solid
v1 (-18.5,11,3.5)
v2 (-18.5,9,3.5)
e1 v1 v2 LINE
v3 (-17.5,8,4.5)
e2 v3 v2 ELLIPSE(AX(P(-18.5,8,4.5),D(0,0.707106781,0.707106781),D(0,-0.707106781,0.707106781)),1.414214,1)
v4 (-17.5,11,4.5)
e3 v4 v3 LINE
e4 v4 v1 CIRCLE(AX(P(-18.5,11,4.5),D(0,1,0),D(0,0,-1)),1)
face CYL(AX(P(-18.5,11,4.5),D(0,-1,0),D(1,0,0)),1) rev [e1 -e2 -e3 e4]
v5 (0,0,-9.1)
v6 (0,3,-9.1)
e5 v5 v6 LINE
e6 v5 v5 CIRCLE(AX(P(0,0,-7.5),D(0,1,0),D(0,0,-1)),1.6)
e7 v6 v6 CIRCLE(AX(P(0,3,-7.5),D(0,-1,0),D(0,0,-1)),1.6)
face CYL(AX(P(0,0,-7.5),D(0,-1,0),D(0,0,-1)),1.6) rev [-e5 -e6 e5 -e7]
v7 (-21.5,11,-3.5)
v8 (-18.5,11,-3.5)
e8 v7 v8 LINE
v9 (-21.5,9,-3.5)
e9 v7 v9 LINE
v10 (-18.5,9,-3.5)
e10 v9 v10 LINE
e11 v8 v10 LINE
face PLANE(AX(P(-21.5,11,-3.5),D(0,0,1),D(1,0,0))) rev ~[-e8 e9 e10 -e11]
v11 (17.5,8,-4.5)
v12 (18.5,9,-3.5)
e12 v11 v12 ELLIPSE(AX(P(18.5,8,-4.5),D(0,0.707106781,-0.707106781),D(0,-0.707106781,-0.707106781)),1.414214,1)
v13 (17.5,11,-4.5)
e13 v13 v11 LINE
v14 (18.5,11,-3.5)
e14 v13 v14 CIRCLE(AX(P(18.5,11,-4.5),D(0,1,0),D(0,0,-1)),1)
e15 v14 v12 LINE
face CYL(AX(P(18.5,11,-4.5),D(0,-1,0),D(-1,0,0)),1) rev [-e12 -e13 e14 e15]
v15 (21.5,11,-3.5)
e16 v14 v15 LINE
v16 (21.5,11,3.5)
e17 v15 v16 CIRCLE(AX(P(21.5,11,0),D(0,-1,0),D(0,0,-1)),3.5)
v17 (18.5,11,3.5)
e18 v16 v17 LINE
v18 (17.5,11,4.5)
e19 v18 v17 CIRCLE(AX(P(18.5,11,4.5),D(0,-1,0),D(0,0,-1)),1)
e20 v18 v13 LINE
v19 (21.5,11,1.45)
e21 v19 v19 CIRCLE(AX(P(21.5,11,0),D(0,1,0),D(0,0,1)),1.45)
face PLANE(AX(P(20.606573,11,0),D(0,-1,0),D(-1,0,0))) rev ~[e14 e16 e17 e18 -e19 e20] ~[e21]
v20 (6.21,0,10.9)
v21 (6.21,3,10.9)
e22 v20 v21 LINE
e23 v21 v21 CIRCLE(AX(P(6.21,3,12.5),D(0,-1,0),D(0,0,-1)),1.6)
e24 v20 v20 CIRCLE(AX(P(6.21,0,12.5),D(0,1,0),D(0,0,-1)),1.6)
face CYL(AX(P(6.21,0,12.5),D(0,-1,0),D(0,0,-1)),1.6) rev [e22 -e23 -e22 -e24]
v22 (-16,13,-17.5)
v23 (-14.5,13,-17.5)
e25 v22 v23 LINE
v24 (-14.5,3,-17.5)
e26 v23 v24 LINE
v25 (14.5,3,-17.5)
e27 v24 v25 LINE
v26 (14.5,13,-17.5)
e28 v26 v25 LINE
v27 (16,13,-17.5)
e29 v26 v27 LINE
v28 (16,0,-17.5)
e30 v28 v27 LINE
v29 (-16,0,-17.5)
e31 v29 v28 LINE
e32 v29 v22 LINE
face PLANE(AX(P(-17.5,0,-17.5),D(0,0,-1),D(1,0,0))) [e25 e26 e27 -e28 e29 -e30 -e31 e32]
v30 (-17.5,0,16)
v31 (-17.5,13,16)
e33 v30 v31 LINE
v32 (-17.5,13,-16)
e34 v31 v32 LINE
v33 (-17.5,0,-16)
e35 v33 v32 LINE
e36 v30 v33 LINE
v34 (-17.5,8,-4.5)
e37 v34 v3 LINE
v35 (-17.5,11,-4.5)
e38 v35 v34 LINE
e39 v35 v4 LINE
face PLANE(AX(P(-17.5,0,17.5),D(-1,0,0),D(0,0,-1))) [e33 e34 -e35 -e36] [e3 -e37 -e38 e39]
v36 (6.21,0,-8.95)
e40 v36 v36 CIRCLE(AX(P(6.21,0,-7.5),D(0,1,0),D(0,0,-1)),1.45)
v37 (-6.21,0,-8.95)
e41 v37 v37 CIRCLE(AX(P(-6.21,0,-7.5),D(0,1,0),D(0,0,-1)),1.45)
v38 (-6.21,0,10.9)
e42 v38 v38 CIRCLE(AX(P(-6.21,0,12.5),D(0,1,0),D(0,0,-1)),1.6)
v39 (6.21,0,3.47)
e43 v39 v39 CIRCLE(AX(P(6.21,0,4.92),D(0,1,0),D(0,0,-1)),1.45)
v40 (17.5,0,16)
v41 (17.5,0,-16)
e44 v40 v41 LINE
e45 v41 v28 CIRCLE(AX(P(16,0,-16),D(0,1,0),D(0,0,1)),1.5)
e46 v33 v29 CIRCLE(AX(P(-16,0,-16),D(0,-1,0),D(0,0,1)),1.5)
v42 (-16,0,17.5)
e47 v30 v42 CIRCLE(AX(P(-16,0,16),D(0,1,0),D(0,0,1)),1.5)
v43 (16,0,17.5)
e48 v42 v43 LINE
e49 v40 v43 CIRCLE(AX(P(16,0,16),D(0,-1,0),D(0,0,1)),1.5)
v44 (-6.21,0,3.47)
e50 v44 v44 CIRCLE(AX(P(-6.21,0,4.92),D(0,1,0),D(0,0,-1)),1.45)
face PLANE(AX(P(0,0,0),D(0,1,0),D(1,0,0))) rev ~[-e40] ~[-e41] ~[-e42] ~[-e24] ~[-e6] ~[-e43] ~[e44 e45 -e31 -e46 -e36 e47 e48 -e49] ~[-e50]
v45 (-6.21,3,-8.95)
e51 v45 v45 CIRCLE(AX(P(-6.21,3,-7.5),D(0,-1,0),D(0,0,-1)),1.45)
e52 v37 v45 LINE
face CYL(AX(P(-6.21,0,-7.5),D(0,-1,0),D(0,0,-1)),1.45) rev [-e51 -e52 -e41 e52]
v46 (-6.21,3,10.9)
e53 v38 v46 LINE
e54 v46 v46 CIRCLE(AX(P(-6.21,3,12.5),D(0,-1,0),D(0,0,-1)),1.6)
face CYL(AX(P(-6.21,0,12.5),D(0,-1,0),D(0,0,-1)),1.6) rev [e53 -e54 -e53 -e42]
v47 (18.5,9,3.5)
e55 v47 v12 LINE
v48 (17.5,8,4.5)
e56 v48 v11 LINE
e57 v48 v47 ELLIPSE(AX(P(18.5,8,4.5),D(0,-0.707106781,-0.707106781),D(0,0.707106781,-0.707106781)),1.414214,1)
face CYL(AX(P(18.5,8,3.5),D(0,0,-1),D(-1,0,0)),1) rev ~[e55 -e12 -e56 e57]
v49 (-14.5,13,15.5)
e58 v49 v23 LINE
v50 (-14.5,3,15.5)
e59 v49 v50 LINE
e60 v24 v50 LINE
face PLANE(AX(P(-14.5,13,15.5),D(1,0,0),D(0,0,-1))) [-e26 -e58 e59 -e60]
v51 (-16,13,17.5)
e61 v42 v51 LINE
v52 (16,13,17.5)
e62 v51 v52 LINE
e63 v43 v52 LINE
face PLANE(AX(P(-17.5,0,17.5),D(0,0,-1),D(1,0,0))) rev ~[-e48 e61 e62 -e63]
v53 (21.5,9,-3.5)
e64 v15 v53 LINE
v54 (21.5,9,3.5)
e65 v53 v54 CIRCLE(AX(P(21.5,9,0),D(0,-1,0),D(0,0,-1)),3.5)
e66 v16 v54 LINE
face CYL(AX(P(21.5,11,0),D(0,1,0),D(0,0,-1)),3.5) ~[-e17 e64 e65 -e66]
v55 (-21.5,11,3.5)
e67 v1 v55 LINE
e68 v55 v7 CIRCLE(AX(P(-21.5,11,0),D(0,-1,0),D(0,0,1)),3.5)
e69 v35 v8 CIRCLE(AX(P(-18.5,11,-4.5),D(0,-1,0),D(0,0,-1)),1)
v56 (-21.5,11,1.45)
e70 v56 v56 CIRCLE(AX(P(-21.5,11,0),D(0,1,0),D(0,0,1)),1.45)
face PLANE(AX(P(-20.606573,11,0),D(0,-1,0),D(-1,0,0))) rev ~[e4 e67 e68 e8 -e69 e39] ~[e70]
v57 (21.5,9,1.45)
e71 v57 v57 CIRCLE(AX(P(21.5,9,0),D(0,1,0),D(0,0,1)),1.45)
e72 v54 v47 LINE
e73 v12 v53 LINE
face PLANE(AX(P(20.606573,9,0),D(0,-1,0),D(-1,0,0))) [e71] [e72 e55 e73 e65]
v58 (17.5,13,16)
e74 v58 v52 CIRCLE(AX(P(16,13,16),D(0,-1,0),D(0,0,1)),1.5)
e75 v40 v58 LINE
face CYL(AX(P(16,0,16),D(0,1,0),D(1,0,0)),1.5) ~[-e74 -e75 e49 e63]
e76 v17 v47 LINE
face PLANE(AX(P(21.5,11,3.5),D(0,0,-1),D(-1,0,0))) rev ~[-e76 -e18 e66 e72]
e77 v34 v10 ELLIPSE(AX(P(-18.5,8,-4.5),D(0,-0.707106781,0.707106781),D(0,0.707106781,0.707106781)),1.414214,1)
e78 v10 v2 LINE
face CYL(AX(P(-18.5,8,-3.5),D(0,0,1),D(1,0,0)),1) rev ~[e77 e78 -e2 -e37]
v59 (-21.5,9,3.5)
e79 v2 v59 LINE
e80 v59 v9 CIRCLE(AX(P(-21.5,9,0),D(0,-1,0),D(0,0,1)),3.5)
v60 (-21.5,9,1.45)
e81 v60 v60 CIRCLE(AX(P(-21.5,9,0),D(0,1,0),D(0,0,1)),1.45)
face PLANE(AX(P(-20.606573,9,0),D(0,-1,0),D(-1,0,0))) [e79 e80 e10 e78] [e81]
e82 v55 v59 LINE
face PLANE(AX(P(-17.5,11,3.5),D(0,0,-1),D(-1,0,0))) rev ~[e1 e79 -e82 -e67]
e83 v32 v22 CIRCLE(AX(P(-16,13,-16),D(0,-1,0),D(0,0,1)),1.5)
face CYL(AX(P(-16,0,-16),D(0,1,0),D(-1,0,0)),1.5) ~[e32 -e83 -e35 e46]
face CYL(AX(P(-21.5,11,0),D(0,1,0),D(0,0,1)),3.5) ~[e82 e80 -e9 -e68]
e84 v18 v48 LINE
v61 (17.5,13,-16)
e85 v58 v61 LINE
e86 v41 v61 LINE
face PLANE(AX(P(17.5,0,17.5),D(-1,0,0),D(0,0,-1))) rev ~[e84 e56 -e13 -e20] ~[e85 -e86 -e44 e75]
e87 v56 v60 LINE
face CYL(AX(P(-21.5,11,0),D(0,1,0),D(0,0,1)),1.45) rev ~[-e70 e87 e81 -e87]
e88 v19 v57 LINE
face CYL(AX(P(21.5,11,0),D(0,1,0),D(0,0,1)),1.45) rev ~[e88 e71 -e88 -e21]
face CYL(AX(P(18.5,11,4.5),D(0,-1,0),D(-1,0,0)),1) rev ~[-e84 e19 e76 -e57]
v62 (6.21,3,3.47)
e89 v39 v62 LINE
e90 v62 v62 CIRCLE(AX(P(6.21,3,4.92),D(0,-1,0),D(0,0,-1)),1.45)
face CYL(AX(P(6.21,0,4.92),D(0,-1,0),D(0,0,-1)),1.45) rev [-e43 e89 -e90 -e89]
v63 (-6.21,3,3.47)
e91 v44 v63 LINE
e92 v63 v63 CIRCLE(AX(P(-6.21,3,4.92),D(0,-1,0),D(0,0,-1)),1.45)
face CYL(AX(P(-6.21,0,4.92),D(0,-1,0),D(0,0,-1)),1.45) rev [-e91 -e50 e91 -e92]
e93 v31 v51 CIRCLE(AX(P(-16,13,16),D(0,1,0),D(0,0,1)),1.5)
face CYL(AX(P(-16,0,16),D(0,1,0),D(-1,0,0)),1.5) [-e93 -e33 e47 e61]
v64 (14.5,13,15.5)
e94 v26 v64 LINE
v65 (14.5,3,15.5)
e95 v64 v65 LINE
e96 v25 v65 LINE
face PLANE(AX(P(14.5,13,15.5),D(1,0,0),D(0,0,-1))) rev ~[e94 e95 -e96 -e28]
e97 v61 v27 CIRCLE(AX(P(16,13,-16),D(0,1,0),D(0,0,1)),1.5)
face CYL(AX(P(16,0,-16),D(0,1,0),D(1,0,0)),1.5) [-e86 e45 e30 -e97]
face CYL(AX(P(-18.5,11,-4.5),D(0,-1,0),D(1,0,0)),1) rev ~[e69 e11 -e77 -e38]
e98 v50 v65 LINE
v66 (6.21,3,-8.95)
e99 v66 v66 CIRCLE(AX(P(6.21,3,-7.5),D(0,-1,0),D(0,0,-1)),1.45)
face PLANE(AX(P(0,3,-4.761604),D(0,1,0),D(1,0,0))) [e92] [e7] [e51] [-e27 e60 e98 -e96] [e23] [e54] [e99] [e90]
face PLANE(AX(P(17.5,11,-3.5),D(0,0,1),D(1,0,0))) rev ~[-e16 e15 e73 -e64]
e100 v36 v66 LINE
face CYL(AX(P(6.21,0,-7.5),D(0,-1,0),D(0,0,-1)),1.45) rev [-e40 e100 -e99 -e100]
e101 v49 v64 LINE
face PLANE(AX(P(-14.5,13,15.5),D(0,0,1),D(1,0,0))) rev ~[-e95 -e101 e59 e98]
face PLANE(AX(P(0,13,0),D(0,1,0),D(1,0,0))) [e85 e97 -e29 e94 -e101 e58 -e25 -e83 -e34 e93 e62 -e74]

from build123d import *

# Parameters (mm, degrees)
SKETCH1_W           = 35
SKETCH1_H           = 35
SKETCH1_R           = 1.45
SKETCH1_R_2         = 1.6
BOSS_EXTRUDE1_DEPTH = 13
SHELL1_T            = -3
SKETCH2_W           = 29
SKETCH2_H           = 40.523208079
CUT_EXTRUDE1_DEPTH  = 10
FILLET1_R           = 1.5
SKETCH4_R           = 1.45
BOSS_EXTRUDE3_DEPTH = 2
FILLET2_R           = 1


with BuildPart() as part:
    # Sketch1 → Boss-Extrude1 (new body)
    with BuildSketch(Plane(origin=(0, 0, 0), x_dir=(1, 0, 0), z_dir=(0, 1, 0))):
        Rectangle(SKETCH1_W, SKETCH1_H)
        with Locations(Location((6.21, 7.5, 0), (0, 0, 90))):
            Circle(SKETCH1_R, mode=Mode.SUBTRACT)
        with Locations(Location((0, 7.5, 0), (0, 0, 90))):
            Circle(SKETCH1_R_2, mode=Mode.SUBTRACT)
        with Locations(Location((-6.21, 7.5, 0), (0, 0, 90))):
            Circle(SKETCH1_R, mode=Mode.SUBTRACT)
        with Locations(Location((-6.21, -4.92, 0), (0, 0, 90))):
            Circle(SKETCH1_R, mode=Mode.SUBTRACT)
        with Locations(Location((6.21, -4.92, 0), (0, 0, 90))):
            Circle(SKETCH1_R, mode=Mode.SUBTRACT)
        with Locations(Location((-6.21, -12.5, 0), (0, 0, 90))):
            Circle(SKETCH1_R_2, mode=Mode.SUBTRACT)
        with Locations(Location((6.21, -12.5, 0), (0, 0, 90))):
            Circle(SKETCH1_R_2, mode=Mode.SUBTRACT)
    extrude(amount=BOSS_EXTRUDE1_DEPTH)

    # Shell1
    shell1_openings = [part.faces().sort_by_distance(p)[0] for p in [
        (0, 13, -0.090817289),
    ]]
    offset(amount=SHELL1_T, openings=shell1_openings, kind=Kind.INTERSECTION)

    # Sketch2 → Cut-Extrude1 (cut)
    with BuildSketch(Plane(origin=(0, 13, 0), x_dir=(1, 0, 0), z_dir=(0, 1, 0))):
        with Locations((0, 4.76160404)):
            Rectangle(SKETCH2_W, SKETCH2_H)
    extrude(amount=-CUT_EXTRUDE1_DEPTH, mode=Mode.SUBTRACT)

    # Fillet1
    fillet1_edges = [part.edges().sort_by_distance(p)[0] for p in [
        (-17.5, 6.5, -17.5),
        (17.5, 6.5, -17.5),
        (17.5, 6.5, 17.5),
        (-17.5, 6.5, 17.5),
    ]]
    fillet(fillet1_edges, radius=FILLET1_R)

    # Sketch4 → Boss-Extrude3 (add)
    # profile 1 of 2: a face of its own
    with BuildSketch(Plane(origin=(0, 11, 0), x_dir=(1, 0, 0), z_dir=(0, 1, 0))):
        with BuildLine():
            Line((-17.5, -3.5), (-21.5, -3.5))
            ThreePointArc((-21.5, -3.5), (-25, 0), (-21.5, 3.5))
            Line((-21.5, 3.5), (-17.5, 3.5))
            Line((-17.5, 3.5), (-17.5, -3.5))
        make_face()
        with Locations(Location((-21.5, 0, 0), (0, 0, 270))):
            Circle(SKETCH4_R, mode=Mode.SUBTRACT)
    # profile 2 of 2: a face of its own
    with BuildSketch(Plane(origin=(0, 11, 0), x_dir=(1, 0, 0), z_dir=(0, 1, 0))):
        with BuildLine():
            Line((17.5, 3.5), (21.5, 3.5))
            ThreePointArc((21.5, 3.5), (25, 0), (21.5, -3.5))
            Line((21.5, -3.5), (17.5, -3.5))
            Line((17.5, -3.5), (17.5, 3.5))
        make_face()
        with Locations(Location((21.5, 0, 0), (0, 0, 270))):
            Circle(SKETCH4_R, mode=Mode.SUBTRACT)
    extrude(amount=-BOSS_EXTRUDE3_DEPTH)

    # Fillet2
    fillet2_edges = [part.edges().sort_by_distance(p)[0] for p in [
        (-17.5, 9, 0),
        (-17.5, 10, -3.5),
        (-17.5, 10, 3.5),
        (17.5, 9, 0),
        (17.5, 10, 3.5),
        (17.5, 10, -3.5),
    ]]
    fillet(fillet2_edges, radius=FILLET2_R)


solid = part.part
